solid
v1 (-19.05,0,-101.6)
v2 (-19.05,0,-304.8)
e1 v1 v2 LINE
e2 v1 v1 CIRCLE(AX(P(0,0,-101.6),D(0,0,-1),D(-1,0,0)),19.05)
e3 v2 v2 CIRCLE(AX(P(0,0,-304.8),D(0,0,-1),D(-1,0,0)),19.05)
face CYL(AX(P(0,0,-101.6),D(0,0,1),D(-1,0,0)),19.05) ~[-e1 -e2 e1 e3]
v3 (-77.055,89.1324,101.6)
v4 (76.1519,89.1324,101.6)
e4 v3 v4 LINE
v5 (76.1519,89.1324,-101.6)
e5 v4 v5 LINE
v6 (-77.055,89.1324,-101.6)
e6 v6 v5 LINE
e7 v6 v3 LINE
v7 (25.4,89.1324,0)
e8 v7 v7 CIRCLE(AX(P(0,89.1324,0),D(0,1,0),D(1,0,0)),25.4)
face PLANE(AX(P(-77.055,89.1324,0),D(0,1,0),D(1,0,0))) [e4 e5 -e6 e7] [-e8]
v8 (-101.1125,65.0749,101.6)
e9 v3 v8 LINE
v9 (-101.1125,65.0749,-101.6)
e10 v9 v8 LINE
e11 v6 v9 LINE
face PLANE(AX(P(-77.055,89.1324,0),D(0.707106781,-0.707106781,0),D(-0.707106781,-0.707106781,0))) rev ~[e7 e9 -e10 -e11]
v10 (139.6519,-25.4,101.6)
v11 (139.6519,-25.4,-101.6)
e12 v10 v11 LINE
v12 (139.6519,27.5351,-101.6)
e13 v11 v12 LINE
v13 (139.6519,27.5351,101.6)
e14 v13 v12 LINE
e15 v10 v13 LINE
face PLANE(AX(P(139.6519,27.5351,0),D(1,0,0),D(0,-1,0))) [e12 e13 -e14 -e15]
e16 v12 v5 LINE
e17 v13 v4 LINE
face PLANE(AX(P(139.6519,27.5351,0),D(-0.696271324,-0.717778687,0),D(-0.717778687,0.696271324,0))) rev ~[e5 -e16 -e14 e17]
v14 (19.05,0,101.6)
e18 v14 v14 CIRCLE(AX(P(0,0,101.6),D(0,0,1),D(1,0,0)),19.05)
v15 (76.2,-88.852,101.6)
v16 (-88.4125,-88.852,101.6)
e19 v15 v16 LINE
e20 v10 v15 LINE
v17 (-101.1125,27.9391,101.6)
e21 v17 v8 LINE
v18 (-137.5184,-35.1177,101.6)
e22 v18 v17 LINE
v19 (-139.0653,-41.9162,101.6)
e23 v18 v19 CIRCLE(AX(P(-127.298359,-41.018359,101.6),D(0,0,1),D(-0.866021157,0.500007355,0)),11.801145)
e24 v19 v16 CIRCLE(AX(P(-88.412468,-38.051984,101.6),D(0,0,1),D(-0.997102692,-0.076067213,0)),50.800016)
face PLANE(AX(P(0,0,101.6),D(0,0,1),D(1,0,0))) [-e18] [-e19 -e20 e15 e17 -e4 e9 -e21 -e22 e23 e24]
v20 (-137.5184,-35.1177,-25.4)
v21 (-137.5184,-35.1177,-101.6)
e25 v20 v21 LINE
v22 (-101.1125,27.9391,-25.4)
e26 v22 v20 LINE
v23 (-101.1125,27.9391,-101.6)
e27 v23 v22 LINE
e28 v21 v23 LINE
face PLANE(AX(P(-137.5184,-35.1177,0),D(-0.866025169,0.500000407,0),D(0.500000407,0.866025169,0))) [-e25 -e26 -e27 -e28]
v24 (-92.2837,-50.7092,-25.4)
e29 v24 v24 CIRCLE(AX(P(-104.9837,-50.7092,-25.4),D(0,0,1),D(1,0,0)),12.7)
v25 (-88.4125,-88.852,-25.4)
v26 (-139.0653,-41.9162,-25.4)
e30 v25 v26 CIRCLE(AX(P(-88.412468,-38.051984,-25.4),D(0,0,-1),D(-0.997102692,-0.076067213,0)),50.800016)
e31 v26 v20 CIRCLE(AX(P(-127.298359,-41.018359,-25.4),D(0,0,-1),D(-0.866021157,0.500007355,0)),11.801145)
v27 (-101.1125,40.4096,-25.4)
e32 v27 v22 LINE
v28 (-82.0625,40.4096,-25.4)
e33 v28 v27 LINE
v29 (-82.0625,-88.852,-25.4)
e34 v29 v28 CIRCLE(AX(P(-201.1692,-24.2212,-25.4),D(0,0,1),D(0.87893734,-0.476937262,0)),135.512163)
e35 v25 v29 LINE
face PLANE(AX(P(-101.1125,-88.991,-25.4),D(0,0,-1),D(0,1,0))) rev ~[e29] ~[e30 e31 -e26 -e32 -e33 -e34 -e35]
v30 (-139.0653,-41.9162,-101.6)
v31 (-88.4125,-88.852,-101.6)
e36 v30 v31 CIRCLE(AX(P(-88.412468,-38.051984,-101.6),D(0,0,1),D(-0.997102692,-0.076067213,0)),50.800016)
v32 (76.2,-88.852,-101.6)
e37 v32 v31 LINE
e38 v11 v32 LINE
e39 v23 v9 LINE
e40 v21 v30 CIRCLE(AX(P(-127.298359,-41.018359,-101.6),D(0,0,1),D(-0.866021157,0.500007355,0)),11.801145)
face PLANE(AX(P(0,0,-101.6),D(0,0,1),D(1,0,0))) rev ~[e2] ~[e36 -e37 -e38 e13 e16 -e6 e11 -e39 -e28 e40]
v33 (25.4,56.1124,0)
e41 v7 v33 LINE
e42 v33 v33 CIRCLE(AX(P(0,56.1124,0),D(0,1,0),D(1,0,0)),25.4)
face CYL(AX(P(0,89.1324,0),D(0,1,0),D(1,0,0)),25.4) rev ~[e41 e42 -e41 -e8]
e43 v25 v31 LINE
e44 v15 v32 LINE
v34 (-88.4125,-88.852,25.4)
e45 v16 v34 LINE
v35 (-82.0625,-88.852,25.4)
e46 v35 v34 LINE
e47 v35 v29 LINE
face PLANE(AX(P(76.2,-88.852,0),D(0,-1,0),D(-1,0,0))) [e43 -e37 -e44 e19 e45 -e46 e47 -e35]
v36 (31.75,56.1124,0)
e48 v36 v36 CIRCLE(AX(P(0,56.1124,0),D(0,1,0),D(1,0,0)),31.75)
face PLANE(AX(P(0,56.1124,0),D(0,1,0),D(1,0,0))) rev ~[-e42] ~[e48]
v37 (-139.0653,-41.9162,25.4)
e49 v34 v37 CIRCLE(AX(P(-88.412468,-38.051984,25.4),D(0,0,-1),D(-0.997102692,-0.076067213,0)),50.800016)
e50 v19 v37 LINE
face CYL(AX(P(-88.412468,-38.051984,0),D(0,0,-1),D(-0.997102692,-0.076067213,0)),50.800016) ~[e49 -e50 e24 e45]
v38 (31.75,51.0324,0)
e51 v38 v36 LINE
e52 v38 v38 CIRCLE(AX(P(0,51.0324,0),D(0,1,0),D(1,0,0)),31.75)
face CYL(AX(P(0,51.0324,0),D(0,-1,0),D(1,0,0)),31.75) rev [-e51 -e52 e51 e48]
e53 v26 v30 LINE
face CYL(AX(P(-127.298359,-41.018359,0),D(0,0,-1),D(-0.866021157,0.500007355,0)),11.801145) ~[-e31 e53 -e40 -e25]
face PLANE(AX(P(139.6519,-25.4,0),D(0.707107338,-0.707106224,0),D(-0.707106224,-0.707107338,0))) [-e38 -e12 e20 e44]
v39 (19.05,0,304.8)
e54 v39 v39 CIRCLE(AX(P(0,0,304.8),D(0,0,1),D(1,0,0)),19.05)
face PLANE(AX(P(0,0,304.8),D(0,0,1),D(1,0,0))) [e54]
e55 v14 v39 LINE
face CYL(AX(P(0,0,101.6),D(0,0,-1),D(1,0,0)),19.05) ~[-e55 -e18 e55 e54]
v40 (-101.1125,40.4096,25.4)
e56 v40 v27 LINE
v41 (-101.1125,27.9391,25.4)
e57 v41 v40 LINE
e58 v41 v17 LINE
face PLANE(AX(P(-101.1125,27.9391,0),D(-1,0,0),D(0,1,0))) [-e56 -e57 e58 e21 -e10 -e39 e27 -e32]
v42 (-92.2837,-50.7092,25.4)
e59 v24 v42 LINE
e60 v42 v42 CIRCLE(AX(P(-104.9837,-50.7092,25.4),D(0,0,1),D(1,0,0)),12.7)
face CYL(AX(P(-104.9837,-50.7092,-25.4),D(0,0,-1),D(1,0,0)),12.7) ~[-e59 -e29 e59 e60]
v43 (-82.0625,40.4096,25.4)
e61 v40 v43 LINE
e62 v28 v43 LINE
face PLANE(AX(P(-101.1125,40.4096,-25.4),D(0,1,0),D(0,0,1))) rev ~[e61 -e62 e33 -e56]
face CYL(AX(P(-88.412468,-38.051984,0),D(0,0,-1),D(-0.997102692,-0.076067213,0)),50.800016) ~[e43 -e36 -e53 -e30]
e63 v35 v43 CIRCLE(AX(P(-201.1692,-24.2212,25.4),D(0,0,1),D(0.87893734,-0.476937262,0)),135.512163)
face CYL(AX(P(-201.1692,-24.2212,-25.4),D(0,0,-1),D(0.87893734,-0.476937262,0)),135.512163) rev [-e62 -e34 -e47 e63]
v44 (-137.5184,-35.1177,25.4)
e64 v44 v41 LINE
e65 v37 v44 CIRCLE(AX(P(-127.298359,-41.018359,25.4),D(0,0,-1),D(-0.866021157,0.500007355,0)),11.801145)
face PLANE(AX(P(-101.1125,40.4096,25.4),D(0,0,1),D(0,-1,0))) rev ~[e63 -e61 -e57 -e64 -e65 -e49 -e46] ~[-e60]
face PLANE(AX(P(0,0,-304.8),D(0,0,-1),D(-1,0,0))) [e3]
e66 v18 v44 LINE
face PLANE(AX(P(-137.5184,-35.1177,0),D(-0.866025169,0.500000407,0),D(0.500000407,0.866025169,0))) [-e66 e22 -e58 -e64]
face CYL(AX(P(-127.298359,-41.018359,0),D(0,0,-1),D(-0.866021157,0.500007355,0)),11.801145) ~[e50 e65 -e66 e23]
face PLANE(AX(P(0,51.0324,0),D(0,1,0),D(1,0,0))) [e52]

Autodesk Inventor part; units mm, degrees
ref_plane "YZ Plane" through (0, 0, 0) normal (1, 0, 0) x (0, 1, 0)
ref_plane "XZ Plane" through (0, 0, 0) normal (0, 1, 0) x (-1, 0, 0)
ref_plane "XY Plane" through (0, 0, 0) normal (0, 0, 1) x (1, 0, 0)
sketch "Sketch1" plane through (0, 0, 0) normal (0, 0, 1) x (1, 0, 0)
  line L0 (-77.055, 89.1324) -> (76.1519, 89.1324)
  line L1 (139.6519, 27.5351) -> (139.6519, -25.4)
  line L2 (76.2, -88.852) -> (-88.4125, -88.852)
  line L3 (-139.7639, 88.9233) -> (139.6519, -88.852) construction
  line L4 (139.6519, 89.1324) -> (-139.2125, -88.852) construction
  line L5 (139.6519, 0.1402) -> (139.6519, 27.5351)
  line L6 (139.6519, 0.1402) -> (139.6519, -25.4)
  line L7 (139.6519, 0.1402) -> (139.6519, -25.4)
  line L8 (139.6519, -25.4) -> (76.2, -88.852)
  line L9 (139.6519, 27.5351) -> (76.1519, 89.1324)
  arc A0 (-139.0653, -41.9162) -> (-88.4125, -88.852) centre (-88.4125, -38.052) ccw
  line L10 (-137.5184, -35.1177) -> (-101.1125, 27.9391)
  line L11 (-139.2125, -38.052) -> (-66.4007, -38.052) construction
  line L12 (-101.1125, 27.9391) -> (-101.1125, 65.0749)
  arc A1 (-137.5184, -35.1177) -> (-139.0653, -41.9162) centre (-127.298, -41.0185) ccw
  line L13 (-77.055, 89.1324) -> (-101.1125, 65.0749)
  line L14 (-77.055, 89.1324) -> (-42.3901, 89.1324) construction
  point P0 (0, 0)
  dimension "d9" = 50.8
extrude "Extrusion1" add sketch "Sketch1" along normal mid plane 203.2
sketch "Sketch2" plane through (-77.055, 89.1324, 101.6) normal (0, 1, 0) x (1, 0, 0)
  circle A0 centre (77.055, 101.6) radius 25.4
  dimension "d16" = 50.8
extrude "Extrusion2" cut sketch "Sketch2" against normal blind 38.1
sketch "Sketch4" plane through (0, 0, 101.6) normal (0, 0, 1) x (1, 0, 0)
  circle A0 centre (0, 0) radius 19.05
  dimension "d22" = 38.1
sketch "Sketch5" plane through (0, 0, -101.6) normal (0, 0, -1) x (-1, 0, 0)
  circle A0 centre (0, 0) radius 19.05
  dimension "d23" = 38.1
extrude "Extrusion4" add sketch "Sketch5" along normal blind 203.2
extrude "Extrusion5" add sketch "Sketch4" along normal blind 203.2
sketch "Sketch6" plane through (-101.1125, 27.9391, 101.6) normal (-1, 0, 0) x (0, 0, 1)
  line L0 (-127, 12.4705) -> (-75.6804, 12.4705)
  line L1 (-127, 12.4705) -> (-76.2, 12.4705)
  line L2 (-76.2, 12.4705) -> (-76.2, -116.9301)
  line L3 (-76.2, -116.9301) -> (-127, -116.9301)
  line L4 (-127, -116.9301) -> (-127, 12.4705)
  point P0 (-101.6, -27.9391)
extrude "Extrusion6" cut sketch "Sketch6" along normal blind 38.1 and the other way blind 19.05
sketch "Sketch7" plane through (-101.1125, 27.9391, -25.4) normal (0, 0, 1) x (1, 0, 0)
  circle A0 centre (-3.8712, -78.6483) radius 12.7
  point P0 (101.1125, -27.9391)
  dimension "d34" = 25.4
extrude "Extrusion7" add sketch "Sketch7" along normal blind 50.8
sketch "Sketch8" plane through (-101.1125, 27.9391, -25.4) normal (0, 0, 1) x (1, 0, 0)
  line L0 (19.05, -116.7911) -> (19.05, 12.4705) projected
  arc A0 (19.05, -116.7911) -> (19.05, 12.4705) centre (-100.0567, -52.1603) ccw
  point P0 (101.1125, -27.9391)
extrude "Extrusion8" cut sketch "Sketch8" along normal blind 50.8
sketch "Sketch10" plane through (0, 51.0324, 0) normal (0, 1, 0) x (1, 0, 0)
  circle A0 centre (0, 0) radius 25.4 projected
  circle A1 centre (0, 0) radius 31.75
  dimension "d42" = 63.5
extrude "Extrusion10" cut sketch "Sketch10" along normal blind 5.08
properties part number "center piece"
